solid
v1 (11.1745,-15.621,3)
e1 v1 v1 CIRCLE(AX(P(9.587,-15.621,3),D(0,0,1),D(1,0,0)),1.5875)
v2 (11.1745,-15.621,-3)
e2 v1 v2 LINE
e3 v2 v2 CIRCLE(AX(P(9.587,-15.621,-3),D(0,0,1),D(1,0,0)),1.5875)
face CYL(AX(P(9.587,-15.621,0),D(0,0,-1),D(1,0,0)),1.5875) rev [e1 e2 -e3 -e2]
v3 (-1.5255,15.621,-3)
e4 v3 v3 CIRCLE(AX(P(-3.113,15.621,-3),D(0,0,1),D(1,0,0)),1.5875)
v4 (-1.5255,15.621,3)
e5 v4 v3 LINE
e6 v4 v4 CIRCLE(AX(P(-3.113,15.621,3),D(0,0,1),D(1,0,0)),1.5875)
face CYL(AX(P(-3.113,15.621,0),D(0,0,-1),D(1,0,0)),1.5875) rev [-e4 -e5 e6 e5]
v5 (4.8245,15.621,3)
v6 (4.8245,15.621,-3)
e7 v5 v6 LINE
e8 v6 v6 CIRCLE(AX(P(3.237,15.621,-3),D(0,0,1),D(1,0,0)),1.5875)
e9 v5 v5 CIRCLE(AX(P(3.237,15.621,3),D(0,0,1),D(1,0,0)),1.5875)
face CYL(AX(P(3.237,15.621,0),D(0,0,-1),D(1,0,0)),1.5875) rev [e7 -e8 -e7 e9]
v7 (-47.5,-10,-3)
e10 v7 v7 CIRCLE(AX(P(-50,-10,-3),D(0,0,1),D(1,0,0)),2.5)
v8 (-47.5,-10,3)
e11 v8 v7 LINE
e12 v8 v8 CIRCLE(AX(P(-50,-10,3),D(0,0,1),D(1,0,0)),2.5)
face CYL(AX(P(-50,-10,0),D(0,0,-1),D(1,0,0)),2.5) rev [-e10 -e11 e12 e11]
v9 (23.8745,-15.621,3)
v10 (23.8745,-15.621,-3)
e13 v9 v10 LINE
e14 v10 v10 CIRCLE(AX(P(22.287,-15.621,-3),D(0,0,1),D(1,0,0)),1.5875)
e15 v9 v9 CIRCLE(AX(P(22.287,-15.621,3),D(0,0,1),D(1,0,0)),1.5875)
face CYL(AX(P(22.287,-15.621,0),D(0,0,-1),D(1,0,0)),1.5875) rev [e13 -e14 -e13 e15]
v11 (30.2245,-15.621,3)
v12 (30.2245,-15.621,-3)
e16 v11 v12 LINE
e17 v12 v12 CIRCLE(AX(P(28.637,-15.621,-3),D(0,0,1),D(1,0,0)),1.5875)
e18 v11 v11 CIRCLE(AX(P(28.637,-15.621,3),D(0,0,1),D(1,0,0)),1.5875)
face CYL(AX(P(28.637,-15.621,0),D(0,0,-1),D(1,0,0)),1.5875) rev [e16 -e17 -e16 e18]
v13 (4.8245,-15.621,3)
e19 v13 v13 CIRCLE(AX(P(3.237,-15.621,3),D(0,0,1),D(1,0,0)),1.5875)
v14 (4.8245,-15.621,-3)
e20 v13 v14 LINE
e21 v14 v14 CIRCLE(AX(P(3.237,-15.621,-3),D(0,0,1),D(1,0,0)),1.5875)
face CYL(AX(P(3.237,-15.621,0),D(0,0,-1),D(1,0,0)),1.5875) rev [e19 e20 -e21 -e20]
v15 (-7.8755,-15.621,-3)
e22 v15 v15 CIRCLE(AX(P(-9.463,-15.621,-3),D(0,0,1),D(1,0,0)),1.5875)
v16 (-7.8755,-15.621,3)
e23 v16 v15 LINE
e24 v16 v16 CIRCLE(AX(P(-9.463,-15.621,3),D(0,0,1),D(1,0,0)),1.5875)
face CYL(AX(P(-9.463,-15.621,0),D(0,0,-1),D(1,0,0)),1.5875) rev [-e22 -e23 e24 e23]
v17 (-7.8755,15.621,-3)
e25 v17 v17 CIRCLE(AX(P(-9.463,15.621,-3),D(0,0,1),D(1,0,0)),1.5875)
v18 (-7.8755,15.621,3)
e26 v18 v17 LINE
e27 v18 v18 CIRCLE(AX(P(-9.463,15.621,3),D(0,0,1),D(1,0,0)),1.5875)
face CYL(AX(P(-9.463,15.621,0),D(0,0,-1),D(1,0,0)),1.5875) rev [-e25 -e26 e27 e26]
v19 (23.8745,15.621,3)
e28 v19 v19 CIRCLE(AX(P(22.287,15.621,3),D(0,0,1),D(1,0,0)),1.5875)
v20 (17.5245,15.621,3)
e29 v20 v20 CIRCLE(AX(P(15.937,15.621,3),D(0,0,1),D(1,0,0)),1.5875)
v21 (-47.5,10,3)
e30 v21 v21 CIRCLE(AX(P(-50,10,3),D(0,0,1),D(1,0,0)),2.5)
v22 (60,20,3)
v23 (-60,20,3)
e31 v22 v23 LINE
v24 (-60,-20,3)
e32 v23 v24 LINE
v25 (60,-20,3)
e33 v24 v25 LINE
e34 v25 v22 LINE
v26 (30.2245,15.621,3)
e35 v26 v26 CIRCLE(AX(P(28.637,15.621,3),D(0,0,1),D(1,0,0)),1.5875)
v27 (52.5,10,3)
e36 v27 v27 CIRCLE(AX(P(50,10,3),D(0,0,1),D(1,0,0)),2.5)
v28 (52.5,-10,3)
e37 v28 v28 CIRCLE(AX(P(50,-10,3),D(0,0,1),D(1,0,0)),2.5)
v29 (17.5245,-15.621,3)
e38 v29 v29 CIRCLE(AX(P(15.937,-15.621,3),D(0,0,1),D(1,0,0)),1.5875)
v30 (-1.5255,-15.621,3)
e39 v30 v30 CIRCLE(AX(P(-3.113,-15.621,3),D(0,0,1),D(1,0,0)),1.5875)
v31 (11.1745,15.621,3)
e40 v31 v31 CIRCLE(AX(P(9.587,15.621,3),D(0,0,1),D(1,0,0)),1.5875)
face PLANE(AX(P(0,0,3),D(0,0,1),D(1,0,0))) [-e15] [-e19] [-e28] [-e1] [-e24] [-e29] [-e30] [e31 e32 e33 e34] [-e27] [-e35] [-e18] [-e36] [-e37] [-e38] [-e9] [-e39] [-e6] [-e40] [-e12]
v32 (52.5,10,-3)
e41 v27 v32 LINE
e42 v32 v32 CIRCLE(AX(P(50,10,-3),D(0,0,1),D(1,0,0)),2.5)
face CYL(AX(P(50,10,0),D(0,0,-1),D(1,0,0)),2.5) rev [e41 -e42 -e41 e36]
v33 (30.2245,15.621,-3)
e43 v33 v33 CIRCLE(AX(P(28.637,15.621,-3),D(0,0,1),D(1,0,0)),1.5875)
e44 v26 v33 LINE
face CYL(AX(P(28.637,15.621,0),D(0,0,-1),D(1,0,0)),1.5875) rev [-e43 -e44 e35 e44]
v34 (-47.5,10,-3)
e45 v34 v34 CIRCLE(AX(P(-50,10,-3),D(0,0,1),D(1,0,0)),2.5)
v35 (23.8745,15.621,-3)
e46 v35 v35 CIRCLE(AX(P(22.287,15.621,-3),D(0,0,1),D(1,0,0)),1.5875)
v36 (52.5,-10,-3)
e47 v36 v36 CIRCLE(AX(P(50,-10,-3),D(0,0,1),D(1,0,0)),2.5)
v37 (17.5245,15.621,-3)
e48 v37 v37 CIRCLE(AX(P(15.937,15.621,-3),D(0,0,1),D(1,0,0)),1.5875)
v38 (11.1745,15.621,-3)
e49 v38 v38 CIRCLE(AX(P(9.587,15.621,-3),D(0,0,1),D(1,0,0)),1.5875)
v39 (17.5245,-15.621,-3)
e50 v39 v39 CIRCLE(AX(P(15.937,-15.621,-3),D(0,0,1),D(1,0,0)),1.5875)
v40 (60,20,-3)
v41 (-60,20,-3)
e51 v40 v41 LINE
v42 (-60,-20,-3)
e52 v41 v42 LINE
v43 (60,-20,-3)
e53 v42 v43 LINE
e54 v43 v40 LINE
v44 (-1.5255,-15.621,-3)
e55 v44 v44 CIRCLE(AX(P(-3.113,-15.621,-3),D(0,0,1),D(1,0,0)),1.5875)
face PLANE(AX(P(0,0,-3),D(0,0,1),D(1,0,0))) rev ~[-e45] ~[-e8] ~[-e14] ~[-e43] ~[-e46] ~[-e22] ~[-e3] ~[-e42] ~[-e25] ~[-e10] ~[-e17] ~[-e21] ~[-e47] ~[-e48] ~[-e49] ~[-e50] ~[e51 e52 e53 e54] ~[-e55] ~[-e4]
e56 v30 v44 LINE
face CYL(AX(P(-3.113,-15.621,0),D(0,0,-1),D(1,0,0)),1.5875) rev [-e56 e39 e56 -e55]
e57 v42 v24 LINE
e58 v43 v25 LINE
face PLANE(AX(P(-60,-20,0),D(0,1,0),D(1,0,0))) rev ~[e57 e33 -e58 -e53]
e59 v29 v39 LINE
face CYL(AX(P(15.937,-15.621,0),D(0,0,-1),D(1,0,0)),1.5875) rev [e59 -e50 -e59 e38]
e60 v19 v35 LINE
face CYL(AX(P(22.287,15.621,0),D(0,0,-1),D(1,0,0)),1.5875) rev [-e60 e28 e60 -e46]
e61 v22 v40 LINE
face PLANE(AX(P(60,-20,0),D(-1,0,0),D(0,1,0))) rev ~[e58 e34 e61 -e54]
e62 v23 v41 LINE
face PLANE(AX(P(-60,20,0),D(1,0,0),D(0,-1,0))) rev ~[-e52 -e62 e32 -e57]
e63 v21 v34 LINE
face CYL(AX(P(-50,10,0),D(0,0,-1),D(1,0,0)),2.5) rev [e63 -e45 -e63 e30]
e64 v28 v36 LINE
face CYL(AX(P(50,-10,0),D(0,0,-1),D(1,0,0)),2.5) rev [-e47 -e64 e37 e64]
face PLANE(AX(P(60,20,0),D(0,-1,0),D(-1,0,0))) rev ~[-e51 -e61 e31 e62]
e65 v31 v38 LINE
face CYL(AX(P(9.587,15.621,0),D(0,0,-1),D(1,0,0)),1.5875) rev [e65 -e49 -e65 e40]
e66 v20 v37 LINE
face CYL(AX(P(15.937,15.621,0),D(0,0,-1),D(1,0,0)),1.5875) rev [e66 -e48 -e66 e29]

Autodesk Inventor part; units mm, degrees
ref_plane "YZ Plane" through (0, 0, 0) normal (1, 0, 0) x (0, 1, 0)
ref_plane "XZ Plane" through (0, 0, 0) normal (0, 1, 0) x (-1, 0, 0)
ref_plane "XY Plane" through (0, 0, 0) normal (0, 0, 1) x (1, 0, 0)
sketch "Sketch1" plane through (0, 0, 0) normal (0, 0, 1) x (1, 0, 0)
  line L0 (-60, -20) -> (60, -20)
  line L1 (60, -20) -> (60, 20)
  line L2 (60, 20) -> (-60, 20)
  line L3 (-60, 20) -> (-60, -20)
  line L4 (-60, -20) -> (60, 20) construction
  line L5 (60, -20) -> (-60, 20) construction
  circle A0 centre (28.637, -15.621) radius 1.5875
  circle A1 centre (9.587, -15.621) radius 1.5875
  circle A2 centre (-9.463, -15.621) radius 1.5875
  circle A3 centre (28.637, 15.621) radius 1.5875
  circle A4 centre (9.587, 15.621) radius 1.5875
  circle A5 centre (-9.463, 15.621) radius 1.5875
  circle A6 centre (50, -10) radius 2.5
  circle A7 centre (50, 10) radius 2.5
  circle A8 centre (-50, -10) radius 2.5
  circle A9 centre (-50, 10) radius 2.5
  circle A10 centre (-3.113, -15.621) radius 1.5875
  circle A11 centre (3.237, -15.621) radius 1.5875
  circle A12 centre (15.937, -15.621) radius 1.5875
  circle A13 centre (22.287, -15.621) radius 1.5875
  line L6 (-5.5859, 0) -> (7.9995, 0) construction
  circle A14 centre (-3.113, 15.621) radius 1.5875
  circle A15 centre (3.237, 15.621) radius 1.5875
  circle A16 centre (15.937, 15.621) radius 1.5875
  circle A17 centre (22.287, 15.621) radius 1.5875
  point P0 (0, 0)
  dimension "d0" = 120
  dimension "d1" = 40
  dimension "d4" = 3.175
  dimension "d5" = 3.175
  dimension "d6" = 3.175
  dimension "d7" = 3.175
  dimension "d8" = 3.175
  dimension "d9" = 3.175
  dimension "d10" = 31.242
  dimension "d11" = 19.05
  dimension "d12" = 19.05
  dimension "d13" = 31.363
  dimension "d14" = 5
  dimension "d15" = 5
  dimension "d16" = 5
  dimension "d17" = 5
  dimension "d20" = 10
  dimension "d21" = 10
  dimension "d22" = 20
  dimension "d23" = 10
  dimension "d26" = 4.379
  dimension "d29" = 3.175
  dimension "d30" = 3.175
  dimension "d31" = 3.175
  dimension "d32" = 3.175
  dimension "d33" = 6.35
  dimension "d34" = 6.35
  dimension "d35" = 6.35
  dimension "d36" = 6.35
extrude "Extrusion3" add sketch "Sketch1" along normal mid plane 6
properties part number "motor_bracket_base2"
